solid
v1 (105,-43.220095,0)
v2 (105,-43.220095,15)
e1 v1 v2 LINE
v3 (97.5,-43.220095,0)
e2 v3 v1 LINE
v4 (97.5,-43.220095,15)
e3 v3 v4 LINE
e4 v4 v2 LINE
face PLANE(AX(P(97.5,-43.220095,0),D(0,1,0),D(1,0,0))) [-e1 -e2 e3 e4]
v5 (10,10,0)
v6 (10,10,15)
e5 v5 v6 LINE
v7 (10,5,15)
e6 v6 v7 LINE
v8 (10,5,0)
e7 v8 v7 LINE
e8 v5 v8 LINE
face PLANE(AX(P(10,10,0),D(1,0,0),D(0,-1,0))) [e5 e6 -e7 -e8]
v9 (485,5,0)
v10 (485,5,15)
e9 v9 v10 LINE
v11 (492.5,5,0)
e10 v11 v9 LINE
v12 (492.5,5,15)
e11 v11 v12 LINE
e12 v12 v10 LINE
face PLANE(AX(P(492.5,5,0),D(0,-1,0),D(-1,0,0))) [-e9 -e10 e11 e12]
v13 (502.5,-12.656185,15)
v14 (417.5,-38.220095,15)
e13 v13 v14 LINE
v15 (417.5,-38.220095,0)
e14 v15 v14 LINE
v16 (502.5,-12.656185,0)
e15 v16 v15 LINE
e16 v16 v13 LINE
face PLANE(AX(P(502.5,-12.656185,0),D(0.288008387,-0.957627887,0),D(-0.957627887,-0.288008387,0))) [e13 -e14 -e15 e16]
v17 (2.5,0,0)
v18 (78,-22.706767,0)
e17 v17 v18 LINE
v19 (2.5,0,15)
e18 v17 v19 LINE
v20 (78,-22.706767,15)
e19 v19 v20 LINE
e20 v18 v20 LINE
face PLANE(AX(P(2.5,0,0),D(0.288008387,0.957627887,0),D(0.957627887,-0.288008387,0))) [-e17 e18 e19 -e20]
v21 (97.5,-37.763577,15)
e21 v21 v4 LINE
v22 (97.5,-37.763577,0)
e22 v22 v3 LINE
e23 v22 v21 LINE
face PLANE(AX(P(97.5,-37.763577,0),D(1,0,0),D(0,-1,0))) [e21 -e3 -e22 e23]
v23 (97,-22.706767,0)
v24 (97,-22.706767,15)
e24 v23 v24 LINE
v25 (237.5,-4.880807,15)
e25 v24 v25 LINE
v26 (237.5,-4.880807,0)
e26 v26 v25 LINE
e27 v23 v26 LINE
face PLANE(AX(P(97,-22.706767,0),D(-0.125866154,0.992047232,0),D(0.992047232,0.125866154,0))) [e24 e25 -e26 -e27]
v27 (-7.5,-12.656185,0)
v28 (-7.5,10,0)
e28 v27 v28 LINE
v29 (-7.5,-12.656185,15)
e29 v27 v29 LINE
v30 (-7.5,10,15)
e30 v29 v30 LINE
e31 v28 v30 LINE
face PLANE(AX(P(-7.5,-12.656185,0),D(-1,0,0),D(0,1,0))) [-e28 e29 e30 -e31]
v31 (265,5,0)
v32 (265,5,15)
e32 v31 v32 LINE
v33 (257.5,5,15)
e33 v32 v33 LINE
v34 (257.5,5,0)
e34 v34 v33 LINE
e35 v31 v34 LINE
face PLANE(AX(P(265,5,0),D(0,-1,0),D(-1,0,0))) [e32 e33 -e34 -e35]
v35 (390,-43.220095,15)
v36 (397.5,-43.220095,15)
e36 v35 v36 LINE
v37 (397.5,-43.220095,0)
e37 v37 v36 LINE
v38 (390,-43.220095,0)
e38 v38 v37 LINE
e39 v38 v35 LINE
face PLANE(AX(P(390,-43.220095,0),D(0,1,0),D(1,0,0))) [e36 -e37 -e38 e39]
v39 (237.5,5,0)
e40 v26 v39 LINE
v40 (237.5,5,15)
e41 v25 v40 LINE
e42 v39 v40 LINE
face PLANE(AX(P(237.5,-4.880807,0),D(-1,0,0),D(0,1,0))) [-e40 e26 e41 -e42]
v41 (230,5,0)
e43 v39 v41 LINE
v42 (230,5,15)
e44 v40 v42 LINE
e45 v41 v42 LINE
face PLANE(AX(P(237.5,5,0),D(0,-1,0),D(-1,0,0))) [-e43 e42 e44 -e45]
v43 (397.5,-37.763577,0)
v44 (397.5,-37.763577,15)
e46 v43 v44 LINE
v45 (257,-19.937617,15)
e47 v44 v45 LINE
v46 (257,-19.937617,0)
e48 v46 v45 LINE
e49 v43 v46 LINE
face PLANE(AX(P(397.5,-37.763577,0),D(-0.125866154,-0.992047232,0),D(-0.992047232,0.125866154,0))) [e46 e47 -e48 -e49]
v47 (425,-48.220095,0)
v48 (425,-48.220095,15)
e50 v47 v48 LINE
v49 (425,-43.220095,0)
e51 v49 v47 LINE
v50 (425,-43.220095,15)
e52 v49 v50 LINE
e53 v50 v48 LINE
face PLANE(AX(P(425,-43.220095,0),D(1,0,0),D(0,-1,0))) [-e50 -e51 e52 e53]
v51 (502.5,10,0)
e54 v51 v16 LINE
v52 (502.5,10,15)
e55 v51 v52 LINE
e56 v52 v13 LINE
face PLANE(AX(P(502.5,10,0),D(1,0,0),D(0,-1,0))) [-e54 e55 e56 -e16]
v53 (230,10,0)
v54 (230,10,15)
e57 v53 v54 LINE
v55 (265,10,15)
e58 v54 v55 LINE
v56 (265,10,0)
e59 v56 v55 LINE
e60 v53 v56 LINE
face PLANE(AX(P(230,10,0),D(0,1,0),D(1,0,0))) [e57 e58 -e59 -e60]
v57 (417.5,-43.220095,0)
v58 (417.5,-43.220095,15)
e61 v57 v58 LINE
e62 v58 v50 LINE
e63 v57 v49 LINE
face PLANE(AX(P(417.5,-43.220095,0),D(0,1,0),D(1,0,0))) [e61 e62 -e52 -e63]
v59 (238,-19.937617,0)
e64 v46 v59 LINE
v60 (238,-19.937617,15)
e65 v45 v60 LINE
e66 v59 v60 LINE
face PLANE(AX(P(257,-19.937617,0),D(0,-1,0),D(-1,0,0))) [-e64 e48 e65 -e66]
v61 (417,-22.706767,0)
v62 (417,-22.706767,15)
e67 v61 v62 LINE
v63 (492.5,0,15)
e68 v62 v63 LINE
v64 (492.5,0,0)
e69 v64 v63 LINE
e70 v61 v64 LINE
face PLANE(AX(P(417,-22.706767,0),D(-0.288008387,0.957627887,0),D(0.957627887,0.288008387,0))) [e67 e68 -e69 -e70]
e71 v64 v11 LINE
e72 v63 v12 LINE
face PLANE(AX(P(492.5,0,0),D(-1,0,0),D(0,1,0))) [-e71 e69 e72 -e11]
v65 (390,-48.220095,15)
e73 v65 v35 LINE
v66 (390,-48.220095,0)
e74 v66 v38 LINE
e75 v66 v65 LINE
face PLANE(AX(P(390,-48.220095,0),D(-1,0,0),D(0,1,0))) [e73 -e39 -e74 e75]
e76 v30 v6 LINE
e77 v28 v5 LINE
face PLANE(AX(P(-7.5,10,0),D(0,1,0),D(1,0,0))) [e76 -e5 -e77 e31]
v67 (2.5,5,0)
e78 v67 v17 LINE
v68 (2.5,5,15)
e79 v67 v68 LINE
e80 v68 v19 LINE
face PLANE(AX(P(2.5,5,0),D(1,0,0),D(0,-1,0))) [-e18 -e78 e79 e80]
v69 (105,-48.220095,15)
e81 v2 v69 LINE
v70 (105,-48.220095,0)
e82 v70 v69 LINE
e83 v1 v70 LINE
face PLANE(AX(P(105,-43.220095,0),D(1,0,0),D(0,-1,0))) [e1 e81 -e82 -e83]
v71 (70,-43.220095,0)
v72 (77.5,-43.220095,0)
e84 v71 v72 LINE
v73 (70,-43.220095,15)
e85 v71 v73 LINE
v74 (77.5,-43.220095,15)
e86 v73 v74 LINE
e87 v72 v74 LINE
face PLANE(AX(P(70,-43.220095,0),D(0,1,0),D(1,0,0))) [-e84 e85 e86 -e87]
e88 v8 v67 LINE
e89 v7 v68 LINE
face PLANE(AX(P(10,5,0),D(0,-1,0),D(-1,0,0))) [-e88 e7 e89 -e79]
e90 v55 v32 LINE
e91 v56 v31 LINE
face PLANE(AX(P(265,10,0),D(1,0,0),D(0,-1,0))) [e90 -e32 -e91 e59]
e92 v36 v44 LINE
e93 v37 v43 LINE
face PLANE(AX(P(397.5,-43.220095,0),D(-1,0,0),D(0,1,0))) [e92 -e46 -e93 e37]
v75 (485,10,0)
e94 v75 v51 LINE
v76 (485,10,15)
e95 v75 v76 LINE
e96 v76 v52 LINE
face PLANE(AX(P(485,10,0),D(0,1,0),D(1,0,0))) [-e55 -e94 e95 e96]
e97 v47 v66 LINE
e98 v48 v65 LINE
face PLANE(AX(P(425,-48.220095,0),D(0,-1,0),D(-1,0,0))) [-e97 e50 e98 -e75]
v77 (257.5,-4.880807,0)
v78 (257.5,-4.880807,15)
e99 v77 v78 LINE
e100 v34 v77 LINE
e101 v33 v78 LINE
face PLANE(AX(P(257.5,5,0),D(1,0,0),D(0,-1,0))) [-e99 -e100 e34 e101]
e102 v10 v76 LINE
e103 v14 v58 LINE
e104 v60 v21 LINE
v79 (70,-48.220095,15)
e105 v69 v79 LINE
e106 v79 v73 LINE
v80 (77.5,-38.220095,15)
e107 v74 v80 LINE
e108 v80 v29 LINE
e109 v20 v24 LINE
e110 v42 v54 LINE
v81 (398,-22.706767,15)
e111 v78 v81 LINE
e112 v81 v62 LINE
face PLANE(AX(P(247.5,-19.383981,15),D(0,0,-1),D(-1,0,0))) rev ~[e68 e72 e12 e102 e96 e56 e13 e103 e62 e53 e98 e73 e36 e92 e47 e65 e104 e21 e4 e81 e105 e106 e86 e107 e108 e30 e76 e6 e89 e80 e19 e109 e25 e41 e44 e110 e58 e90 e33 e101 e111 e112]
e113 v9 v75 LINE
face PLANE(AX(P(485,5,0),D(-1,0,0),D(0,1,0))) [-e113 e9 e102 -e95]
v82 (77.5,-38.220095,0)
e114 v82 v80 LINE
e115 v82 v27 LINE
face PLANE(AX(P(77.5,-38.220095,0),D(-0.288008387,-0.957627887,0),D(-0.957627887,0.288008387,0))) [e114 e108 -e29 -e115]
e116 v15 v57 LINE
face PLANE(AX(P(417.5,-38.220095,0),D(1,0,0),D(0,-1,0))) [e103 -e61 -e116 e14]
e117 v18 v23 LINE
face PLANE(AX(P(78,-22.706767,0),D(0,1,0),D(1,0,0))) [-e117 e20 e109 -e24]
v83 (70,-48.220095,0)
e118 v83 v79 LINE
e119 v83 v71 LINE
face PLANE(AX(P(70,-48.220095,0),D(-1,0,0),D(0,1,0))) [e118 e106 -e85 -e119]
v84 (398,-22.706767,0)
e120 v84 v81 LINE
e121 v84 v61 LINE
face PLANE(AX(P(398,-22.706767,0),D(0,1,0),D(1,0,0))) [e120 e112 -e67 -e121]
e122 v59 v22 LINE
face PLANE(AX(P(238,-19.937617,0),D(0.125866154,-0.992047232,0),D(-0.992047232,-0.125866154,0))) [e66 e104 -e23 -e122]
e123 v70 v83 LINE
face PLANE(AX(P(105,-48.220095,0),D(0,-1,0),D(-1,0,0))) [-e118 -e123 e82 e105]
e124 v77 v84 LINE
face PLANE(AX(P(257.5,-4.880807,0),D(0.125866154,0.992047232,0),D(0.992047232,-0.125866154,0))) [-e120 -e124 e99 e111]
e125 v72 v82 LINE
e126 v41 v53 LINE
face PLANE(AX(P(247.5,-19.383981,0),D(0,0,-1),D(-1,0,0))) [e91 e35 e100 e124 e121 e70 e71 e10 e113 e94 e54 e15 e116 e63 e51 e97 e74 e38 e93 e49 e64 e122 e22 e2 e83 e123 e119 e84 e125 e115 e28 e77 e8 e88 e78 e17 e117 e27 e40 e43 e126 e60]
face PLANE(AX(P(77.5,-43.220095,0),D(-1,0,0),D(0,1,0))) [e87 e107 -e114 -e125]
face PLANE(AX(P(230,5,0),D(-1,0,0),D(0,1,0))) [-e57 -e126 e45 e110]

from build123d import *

# Parameters (mm, degrees)
BOSS_EXTRU_1_DEPTH = 15


with BuildPart() as part:
    # Esquisse1 → Boss.-Extru.1 (new body)
    with BuildSketch(Plane.XY):
        Polygon((-7.5, 10), (10, 10), (10, 5), (2.5, 5), (2.5, 0), (78, -22.706766917), (97, -22.706766917), (237.5, -4.880806596), (237.5, 5), (230, 5), (230, 10), (265, 10), (265, 5), (257.5, 5), (257.5, -4.880806596), (398, -22.706766917), (417, -22.706766917), (492.5, 0), (492.5, 5), (485, 5), (485, 10), (502.5, 10), (502.5, -12.656185457), (417.5, -38.220095231), (417.5, -43.220095231), (425, -43.220095231), (425, -48.220095231), (390, -48.220095231), (390, -43.220095231), (397.5, -43.220095231), (397.5, -37.763577153), (257, -19.937616831), (238, -19.937616831), (97.5, -37.763577153), (97.5, -43.220095231), (105, -43.220095231), (105, -48.220095231), (70, -48.220095231), (70, -43.220095231), (77.5, -43.220095231), (77.5, -38.220095231), (-7.5, -12.656185457), align=None)
    extrude(amount=BOSS_EXTRU_1_DEPTH)


solid = part.part
